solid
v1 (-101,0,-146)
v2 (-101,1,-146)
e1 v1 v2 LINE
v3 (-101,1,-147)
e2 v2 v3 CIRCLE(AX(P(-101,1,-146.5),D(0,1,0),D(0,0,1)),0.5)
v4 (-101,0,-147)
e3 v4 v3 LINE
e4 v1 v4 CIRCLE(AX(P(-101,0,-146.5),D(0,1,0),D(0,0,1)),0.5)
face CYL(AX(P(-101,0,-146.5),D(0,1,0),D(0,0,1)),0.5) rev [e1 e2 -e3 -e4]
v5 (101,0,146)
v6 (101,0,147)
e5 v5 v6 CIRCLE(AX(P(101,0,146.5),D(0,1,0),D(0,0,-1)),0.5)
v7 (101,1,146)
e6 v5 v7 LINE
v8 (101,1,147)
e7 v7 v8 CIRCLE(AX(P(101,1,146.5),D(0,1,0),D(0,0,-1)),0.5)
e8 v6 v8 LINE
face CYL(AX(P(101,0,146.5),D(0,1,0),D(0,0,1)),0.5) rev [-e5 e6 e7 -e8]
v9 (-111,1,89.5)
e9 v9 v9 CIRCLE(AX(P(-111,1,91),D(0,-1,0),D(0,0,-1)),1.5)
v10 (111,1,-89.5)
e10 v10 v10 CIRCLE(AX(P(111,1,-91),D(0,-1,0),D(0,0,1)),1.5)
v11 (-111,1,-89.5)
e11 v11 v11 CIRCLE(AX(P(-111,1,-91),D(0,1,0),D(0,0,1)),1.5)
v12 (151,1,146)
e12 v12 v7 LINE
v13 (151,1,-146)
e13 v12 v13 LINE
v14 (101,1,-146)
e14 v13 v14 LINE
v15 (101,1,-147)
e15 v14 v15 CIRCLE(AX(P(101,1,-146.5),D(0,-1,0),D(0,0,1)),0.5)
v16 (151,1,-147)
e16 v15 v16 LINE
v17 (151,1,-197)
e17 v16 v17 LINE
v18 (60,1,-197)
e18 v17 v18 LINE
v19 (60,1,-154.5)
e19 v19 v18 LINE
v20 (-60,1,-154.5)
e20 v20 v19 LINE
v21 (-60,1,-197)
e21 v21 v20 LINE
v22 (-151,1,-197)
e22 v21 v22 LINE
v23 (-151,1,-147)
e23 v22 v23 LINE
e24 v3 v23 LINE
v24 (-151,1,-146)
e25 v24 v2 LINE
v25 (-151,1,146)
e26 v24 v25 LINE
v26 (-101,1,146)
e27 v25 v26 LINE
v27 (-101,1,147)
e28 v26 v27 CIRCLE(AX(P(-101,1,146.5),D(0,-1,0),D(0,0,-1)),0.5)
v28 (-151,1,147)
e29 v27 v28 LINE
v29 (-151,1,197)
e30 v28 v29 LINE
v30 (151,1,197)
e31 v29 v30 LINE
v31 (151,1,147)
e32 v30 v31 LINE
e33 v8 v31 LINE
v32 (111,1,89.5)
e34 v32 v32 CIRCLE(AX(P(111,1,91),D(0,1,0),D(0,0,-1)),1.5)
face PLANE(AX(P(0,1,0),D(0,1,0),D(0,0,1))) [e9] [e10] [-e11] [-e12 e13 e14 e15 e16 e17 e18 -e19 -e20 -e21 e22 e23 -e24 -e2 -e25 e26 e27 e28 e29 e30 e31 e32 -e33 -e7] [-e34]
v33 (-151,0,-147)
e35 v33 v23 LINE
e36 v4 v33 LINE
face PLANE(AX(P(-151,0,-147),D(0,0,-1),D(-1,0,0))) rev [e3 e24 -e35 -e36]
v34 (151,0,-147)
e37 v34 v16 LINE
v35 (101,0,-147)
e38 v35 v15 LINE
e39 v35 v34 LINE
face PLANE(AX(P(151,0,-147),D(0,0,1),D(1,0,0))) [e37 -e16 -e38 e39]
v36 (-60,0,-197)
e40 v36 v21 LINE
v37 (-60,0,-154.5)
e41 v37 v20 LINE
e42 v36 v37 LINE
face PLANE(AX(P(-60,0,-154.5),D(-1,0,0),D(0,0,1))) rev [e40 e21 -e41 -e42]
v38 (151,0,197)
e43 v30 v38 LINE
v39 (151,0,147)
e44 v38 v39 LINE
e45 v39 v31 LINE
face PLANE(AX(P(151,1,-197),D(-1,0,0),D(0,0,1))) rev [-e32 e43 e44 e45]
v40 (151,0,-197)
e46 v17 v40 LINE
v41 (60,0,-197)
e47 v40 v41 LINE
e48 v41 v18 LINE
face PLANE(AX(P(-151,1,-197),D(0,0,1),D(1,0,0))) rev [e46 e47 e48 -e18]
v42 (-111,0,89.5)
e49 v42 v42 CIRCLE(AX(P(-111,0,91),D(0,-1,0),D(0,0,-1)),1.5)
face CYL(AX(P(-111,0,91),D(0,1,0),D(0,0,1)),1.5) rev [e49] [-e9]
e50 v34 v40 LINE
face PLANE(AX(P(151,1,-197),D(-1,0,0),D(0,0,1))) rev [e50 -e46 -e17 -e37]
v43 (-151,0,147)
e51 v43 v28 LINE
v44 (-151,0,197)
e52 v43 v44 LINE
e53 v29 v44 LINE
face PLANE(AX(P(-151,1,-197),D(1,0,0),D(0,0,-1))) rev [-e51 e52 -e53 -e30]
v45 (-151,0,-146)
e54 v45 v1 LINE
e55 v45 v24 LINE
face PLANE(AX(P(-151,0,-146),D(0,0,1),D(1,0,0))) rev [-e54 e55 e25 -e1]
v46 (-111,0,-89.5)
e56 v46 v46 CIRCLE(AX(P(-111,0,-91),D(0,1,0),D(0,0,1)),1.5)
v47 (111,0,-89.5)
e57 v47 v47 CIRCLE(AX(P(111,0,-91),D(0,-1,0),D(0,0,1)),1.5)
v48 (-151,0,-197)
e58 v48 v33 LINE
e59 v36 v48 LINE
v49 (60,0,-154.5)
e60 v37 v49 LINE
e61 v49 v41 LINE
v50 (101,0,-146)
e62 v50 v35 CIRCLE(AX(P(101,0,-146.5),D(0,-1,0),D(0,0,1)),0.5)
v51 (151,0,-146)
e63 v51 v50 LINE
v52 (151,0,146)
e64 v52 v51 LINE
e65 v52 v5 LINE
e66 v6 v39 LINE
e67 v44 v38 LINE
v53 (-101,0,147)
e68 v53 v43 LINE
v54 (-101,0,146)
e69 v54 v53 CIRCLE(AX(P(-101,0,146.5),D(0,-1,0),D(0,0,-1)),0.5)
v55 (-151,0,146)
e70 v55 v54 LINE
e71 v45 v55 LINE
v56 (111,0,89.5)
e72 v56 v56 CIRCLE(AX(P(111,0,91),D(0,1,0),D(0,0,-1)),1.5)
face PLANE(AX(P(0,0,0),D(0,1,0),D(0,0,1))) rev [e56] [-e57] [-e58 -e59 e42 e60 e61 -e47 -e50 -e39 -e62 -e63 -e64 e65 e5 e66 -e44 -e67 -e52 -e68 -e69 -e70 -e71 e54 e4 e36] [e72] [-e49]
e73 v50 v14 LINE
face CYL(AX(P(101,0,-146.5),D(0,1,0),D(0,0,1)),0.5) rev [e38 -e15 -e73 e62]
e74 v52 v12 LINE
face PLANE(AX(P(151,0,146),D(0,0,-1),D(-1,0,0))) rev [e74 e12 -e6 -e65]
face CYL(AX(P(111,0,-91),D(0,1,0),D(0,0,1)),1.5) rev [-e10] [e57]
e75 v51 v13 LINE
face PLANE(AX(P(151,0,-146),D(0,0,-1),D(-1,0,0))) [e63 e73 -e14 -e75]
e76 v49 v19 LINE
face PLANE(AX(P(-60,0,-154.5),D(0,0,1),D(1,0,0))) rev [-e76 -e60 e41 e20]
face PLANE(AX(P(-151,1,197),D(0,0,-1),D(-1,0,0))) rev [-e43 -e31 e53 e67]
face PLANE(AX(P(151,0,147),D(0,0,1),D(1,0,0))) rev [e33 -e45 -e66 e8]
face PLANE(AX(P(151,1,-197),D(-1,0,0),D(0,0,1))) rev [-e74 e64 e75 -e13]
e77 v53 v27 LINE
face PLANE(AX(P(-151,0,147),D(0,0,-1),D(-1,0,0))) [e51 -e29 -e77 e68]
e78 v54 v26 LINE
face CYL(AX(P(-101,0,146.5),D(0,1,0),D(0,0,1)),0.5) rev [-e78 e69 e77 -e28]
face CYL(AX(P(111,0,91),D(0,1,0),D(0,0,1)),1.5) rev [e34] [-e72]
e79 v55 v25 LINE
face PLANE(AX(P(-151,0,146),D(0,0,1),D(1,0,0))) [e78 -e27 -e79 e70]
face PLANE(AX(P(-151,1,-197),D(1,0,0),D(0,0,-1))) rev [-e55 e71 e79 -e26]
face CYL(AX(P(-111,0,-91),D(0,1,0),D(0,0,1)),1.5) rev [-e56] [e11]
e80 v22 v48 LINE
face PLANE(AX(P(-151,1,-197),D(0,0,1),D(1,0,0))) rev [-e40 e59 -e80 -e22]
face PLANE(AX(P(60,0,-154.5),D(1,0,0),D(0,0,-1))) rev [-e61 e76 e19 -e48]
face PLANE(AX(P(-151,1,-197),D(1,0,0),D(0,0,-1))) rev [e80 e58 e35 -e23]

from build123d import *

# Parameters (mm, degrees)
SKETCH1_W               = 302
SKETCH1_H               = 394
BOSS_EXTRUDE1_DEPTH     = 1
CUT_EXTRUDE2_DEPTH      = 249.215632062
MIRROR2_COPY_1_DEPTH    = 249.215632062
SKETCH4_R               = 1.5
CUT_EXTRUDE3_DEPTH      = 249.215632062
MIRROR4_COPY_1_SKETCH_R = 1.5
MIRROR4_COPY_1_DEPTH    = 249.215632062
SKETCH5_W               = 120
SKETCH5_H               = 42.5
CUT_EXTRUDE4_DEPTH      = 249.215632062


with BuildPart() as part:
    # Sketch1 → Boss-Extrude1 (new body)
    with BuildSketch(Plane(origin=(0, 0, 0), x_dir=(1, 0, 0), z_dir=(0, 1, 0))):
        Rectangle(SKETCH1_W, SKETCH1_H)
    extrude(amount=BOSS_EXTRUDE1_DEPTH)

    # Sketch3 → Cut-Extrude2 (cut, through all)
    with BuildSketch(Plane(origin=(0, 1, 0), x_dir=(1, 0, 0), z_dir=(0, 1, 0))):
        with BuildLine():
            Line((-151, 147), (-101, 147))
            ThreePointArc((-101, 147), (-100.5, 146.5), (-101, 146))
            Line((-101, 146), (-151, 146))
            ThreePointArc((-151, 146), (-151.5, 146.5), (-151, 147))
        make_face()
    cut_extrude2 = extrude(amount=-CUT_EXTRUDE2_DEPTH, mode=Mode.SUBTRACT)

    # Mirror1: Cut-Extrude2 across plane
    add(cut_extrude2.mirror(Plane.XY), mode=Mode.SUBTRACT)

    # Mirror2: Cut-Extrude2 across plane
    add(cut_extrude2.mirror(Plane(origin=(0, 0, 0), x_dir=(0, 0, 1), z_dir=(1, 0, 0))), mode=Mode.SUBTRACT)

    # Mirror2 copy 1 sketch → Mirror2 copy 1 (cut, through all)
    with BuildSketch(Plane(origin=(0, 1, 0), x_dir=(-1, 0, 0), z_dir=(0, 1, 0))):
        with BuildLine():
            Line((-151, 147), (-101, 147))
            ThreePointArc((-101, 147), (-100.5, 146.5), (-101, 146))
            Line((-101, 146), (-151, 146))
            ThreePointArc((-151, 146), (-151.5, 146.5), (-151, 147))
        make_face()
    extrude(amount=-MIRROR2_COPY_1_DEPTH, mode=Mode.SUBTRACT)

    # Sketch4 → Cut-Extrude3 (cut, through all)
    with BuildSketch(Plane(origin=(0, 1, 0), x_dir=(1, 0, 0), z_dir=(0, 1, 0))):
        with Locations(Location((-111, 91, 0), (0, 0, 270))):
            Circle(SKETCH4_R)
    cut_extrude3 = extrude(amount=-CUT_EXTRUDE3_DEPTH, mode=Mode.SUBTRACT)

    # Mirror3: Cut-Extrude3 across plane
    add(cut_extrude3.mirror(Plane(origin=(0, 0, 0), x_dir=(0, 0, 1), z_dir=(1, 0, 0))), mode=Mode.SUBTRACT)

    # Mirror4: Cut-Extrude3 across plane
    add(cut_extrude3.mirror(Plane.XY), mode=Mode.SUBTRACT)

    # Mirror4 copy 1 sketch → Mirror4 copy 1 (cut, through all)
    with BuildSketch(Plane(origin=(0, 1, 0), x_dir=(-1, 0, 0), z_dir=(0, 1, 0))):
        with Locations(Location((-111, 91, 0), (0, 0, 270))):
            Circle(MIRROR4_COPY_1_SKETCH_R)
    extrude(amount=-MIRROR4_COPY_1_DEPTH, mode=Mode.SUBTRACT)

    # Sketch5 → Cut-Extrude4 (cut, through all)
    with BuildSketch(Plane(origin=(0, 1, 0), x_dir=(1, 0, 0), z_dir=(0, 1, 0))):
        with Locations((0, 175.75)):
            Rectangle(SKETCH5_W, SKETCH5_H)
    extrude(amount=-CUT_EXTRUDE4_DEPTH, mode=Mode.SUBTRACT)


solid = part.part
